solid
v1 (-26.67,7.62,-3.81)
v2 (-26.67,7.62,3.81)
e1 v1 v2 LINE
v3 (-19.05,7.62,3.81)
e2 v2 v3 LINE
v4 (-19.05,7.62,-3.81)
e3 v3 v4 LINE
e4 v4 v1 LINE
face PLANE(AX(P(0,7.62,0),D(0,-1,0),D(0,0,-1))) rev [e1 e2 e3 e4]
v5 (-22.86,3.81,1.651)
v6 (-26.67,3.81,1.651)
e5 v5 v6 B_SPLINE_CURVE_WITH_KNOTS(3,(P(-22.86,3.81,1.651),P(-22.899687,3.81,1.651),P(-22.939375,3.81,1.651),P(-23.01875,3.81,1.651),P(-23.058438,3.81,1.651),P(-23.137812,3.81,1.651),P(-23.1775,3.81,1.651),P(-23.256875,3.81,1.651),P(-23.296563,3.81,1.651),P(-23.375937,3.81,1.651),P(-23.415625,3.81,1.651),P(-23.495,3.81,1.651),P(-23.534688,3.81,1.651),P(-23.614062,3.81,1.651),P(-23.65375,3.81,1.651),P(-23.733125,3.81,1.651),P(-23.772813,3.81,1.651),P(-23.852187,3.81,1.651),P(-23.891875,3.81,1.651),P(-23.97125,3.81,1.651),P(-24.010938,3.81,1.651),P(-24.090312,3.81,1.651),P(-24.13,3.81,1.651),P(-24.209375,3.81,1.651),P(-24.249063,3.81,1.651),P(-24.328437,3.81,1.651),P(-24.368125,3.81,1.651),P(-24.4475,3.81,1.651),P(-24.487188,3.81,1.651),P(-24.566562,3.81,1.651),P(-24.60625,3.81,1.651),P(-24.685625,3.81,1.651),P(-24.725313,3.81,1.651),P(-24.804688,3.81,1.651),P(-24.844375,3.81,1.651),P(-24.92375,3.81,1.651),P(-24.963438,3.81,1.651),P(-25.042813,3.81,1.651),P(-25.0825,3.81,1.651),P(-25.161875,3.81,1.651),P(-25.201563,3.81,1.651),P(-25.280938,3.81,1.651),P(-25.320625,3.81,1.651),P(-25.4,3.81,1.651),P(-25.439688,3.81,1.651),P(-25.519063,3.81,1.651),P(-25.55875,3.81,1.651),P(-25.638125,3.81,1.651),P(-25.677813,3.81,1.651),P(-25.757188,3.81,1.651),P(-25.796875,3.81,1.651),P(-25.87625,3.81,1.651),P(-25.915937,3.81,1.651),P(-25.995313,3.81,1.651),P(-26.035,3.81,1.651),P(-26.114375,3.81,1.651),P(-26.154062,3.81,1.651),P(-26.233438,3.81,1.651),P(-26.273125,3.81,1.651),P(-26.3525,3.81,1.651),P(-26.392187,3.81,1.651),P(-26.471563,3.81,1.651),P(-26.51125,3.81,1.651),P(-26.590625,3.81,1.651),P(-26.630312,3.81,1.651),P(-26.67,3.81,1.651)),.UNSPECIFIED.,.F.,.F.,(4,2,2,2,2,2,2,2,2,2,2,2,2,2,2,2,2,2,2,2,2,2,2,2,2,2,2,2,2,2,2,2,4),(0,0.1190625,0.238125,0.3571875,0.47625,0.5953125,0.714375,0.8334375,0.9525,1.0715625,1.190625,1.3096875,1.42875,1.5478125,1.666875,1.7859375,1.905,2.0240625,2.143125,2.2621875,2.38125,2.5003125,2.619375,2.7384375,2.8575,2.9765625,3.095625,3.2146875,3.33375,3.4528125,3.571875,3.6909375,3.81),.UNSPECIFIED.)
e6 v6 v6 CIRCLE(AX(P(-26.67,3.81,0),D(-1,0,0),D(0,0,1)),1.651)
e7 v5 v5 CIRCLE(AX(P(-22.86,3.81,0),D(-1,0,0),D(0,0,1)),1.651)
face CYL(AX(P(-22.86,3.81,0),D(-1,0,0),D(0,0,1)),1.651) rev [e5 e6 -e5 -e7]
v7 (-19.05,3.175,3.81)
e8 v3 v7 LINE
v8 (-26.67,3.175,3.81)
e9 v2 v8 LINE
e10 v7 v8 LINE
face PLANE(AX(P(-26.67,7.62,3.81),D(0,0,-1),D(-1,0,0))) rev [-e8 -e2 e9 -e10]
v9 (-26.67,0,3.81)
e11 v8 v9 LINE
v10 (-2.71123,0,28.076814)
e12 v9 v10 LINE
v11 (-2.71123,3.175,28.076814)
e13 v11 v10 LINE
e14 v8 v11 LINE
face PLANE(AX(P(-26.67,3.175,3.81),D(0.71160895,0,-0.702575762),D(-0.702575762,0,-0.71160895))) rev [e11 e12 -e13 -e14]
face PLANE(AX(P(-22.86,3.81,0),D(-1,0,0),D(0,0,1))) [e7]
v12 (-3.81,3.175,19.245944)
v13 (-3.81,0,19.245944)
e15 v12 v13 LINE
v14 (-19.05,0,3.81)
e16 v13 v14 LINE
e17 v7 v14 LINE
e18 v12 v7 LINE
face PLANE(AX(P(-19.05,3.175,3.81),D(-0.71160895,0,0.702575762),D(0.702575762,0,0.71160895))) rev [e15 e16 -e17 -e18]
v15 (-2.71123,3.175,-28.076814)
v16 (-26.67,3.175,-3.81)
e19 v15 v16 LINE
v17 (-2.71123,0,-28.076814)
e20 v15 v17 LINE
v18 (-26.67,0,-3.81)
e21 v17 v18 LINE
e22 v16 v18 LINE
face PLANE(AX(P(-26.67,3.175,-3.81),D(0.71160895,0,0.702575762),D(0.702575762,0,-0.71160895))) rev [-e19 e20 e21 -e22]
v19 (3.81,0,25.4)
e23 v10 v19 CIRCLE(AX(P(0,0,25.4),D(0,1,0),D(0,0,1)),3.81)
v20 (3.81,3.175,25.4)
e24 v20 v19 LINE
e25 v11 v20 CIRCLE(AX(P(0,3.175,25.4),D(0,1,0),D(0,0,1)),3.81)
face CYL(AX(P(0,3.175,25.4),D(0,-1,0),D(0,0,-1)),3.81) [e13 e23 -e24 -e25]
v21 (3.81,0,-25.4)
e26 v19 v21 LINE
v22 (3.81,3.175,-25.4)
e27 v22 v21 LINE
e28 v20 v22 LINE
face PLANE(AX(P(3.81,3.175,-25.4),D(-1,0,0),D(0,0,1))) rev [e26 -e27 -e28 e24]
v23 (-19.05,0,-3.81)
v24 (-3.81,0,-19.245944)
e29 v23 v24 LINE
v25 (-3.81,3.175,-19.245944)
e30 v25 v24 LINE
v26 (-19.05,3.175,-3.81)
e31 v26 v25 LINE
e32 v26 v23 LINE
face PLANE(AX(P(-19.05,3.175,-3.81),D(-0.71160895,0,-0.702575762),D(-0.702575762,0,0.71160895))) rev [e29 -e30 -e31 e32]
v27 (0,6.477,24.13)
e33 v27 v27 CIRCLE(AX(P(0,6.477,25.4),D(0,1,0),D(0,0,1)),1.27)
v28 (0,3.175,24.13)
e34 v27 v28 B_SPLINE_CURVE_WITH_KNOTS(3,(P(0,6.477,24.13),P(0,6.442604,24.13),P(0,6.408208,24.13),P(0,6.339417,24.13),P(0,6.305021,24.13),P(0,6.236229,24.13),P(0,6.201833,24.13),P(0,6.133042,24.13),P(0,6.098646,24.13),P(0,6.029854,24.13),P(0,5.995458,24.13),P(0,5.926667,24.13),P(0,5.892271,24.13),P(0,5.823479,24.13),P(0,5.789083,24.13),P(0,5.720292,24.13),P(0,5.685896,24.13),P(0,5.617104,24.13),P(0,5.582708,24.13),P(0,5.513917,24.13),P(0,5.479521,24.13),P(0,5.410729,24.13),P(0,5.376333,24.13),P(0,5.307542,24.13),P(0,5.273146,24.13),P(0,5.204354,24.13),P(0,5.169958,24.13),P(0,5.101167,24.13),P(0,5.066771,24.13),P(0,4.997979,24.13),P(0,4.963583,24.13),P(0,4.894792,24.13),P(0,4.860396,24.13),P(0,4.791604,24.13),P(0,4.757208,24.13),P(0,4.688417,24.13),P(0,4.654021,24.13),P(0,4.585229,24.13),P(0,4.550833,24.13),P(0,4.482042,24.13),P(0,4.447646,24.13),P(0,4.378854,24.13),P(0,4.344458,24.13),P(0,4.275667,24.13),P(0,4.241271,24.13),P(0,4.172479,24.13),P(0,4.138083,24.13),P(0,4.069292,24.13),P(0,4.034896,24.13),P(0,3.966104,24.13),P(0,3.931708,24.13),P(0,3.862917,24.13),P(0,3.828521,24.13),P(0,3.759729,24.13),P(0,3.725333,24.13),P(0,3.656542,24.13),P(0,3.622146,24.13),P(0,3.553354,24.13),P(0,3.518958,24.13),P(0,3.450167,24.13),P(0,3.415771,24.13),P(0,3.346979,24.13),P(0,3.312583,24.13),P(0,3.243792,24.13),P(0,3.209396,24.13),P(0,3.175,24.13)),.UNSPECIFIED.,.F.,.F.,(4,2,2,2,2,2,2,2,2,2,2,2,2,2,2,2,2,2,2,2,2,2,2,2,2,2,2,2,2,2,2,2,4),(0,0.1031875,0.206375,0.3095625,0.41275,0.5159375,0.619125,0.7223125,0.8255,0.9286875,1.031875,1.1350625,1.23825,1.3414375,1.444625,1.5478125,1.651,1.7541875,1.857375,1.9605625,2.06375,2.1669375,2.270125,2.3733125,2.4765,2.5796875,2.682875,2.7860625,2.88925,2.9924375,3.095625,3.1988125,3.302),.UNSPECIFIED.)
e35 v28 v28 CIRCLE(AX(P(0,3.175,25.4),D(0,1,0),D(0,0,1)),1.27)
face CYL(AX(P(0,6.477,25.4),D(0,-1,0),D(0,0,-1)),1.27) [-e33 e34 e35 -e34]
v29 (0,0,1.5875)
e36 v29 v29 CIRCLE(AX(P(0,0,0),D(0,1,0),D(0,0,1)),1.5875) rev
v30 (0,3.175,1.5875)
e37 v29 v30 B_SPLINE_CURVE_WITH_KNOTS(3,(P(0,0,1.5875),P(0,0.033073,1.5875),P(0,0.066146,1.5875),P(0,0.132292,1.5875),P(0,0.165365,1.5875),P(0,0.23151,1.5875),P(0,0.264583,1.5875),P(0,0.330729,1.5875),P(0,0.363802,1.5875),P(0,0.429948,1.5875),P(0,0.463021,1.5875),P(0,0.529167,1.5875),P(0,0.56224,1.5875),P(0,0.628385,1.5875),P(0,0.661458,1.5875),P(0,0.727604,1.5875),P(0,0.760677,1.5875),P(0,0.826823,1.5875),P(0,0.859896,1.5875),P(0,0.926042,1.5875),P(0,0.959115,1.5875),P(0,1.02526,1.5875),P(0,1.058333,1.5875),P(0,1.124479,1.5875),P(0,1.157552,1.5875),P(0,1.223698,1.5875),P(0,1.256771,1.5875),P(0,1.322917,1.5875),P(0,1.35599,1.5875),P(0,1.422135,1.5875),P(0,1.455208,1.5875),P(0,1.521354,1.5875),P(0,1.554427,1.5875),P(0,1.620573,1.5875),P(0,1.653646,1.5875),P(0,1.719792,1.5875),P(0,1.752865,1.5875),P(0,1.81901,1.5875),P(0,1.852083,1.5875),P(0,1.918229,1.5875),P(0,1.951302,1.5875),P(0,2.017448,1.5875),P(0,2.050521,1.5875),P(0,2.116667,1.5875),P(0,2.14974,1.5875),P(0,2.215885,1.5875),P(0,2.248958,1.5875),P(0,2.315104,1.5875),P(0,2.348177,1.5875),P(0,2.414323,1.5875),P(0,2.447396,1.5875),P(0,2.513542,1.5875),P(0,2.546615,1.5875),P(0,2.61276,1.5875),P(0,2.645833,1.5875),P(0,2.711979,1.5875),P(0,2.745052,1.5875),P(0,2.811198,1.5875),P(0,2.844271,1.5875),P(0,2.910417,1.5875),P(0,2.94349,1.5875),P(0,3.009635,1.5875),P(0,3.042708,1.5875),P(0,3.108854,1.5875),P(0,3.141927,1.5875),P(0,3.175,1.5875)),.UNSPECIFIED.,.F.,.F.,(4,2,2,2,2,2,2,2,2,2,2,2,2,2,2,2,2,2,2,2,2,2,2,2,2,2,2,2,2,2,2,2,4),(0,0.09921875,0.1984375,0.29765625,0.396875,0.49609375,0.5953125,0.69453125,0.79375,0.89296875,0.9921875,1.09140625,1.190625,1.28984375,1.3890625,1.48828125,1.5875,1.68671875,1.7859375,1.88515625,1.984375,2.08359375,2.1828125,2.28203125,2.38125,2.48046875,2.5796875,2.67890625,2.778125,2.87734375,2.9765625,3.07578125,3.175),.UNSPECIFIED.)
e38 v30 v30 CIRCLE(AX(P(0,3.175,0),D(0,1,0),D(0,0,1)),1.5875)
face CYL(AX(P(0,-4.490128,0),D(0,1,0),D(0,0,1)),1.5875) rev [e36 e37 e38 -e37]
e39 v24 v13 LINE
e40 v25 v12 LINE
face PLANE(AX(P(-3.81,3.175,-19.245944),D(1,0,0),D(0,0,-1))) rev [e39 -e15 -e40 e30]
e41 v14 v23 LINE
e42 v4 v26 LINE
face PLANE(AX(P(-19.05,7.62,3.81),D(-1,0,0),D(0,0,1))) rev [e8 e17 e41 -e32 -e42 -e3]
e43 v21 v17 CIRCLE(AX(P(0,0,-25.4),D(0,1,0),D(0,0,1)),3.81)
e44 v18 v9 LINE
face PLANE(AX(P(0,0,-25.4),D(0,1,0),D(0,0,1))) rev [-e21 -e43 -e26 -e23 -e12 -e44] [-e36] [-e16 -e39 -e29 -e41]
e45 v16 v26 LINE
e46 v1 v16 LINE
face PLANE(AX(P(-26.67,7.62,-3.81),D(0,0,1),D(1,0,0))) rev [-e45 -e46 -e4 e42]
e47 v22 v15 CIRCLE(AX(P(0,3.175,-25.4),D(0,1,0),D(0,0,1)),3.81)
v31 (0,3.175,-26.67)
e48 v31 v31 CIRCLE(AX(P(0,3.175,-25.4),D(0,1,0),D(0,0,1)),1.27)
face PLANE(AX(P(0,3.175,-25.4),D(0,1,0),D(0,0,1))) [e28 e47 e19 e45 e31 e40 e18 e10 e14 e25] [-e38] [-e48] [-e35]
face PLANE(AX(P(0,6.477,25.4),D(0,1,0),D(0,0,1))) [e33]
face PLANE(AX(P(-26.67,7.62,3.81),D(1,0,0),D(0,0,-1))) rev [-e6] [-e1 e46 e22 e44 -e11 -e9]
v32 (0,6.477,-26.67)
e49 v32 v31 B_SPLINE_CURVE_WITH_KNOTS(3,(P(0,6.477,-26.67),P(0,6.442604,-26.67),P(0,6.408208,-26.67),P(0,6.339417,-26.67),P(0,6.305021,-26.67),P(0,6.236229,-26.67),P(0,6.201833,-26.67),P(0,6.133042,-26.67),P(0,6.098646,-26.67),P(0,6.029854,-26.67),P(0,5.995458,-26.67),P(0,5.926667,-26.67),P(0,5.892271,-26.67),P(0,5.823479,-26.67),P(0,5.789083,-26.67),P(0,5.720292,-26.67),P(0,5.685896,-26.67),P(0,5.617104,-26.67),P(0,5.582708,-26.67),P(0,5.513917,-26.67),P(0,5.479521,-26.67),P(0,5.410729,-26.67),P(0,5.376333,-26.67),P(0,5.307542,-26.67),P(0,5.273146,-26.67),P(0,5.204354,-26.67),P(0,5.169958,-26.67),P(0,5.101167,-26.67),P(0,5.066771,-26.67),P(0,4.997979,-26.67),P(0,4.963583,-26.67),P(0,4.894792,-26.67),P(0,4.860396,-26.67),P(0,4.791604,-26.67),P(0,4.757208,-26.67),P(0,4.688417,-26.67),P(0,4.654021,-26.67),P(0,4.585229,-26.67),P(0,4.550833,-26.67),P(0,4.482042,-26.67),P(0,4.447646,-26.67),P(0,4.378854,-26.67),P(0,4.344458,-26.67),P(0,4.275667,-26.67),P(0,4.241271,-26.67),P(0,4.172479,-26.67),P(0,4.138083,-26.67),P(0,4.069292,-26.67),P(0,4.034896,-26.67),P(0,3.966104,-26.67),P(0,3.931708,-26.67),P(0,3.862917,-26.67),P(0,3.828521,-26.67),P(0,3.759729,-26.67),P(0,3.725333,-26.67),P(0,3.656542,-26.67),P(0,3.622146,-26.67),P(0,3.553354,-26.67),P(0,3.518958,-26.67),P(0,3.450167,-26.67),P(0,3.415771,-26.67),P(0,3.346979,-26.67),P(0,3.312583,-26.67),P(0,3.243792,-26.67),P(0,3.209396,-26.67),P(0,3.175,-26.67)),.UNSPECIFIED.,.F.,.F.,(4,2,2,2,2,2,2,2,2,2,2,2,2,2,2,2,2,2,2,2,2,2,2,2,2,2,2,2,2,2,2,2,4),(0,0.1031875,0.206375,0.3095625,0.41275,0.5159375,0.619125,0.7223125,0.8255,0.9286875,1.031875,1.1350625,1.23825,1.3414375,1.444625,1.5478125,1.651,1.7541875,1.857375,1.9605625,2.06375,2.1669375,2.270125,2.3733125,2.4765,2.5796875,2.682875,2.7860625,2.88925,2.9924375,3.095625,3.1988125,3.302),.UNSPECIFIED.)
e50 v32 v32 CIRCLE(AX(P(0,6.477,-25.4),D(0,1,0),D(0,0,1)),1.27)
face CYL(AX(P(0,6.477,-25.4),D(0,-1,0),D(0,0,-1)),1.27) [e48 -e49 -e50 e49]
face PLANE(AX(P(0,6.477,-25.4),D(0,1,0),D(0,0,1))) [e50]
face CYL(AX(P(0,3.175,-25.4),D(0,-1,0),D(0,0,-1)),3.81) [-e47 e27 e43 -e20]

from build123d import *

# Parameters (mm, degrees)
BOSS_EXTRUDE4_DEPTH = 3.175
SKETCH11_W          = 7.62
SKETCH11_H          = 7.62
BOSS_EXTRUDE5_DEPTH = 7.62
SKETCH13_R          = 1.27
BOSS_EXTRUDE6_DEPTH = 3.302
CUT_EXTRUDE3_REACH  = 41.803
SKETCH14_R          = 1.5875
SKETCH16_R          = 1.651
CUT_EXTRUDE4_DEPTH  = 3.81


with BuildPart() as part:
    # Sketch10 → Boss-Extrude4 (new body)
    with BuildSketch(Plane(origin=(0, 0, 0), x_dir=(1, 0, 0), z_dir=(0, 1, 0))):
        with BuildLine():
            Line((-3.81, 19.245944402), (-3.81, -19.245944402))
            Line((-3.81, -19.245944402), (-19.05, -3.81))
            Line((-19.05, -3.81), (-26.67, -3.81))
            Line((-26.67, -3.81), (-2.711230101, -28.076813654))
            ThreePointArc((-2.711230101, -28.076813654), (1.44677457, -28.924619603), (3.81, -25.4))
            Line((3.81, -25.4), (3.81, 25.4))
            ThreePointArc((3.81, 25.4), (1.44677457, 28.924619603), (-2.711230101, 28.076813654))
            Line((-2.711230101, 28.076813654), (-26.67, 3.81))
            Line((-26.67, 3.81), (-19.05, 3.81))
            Line((-19.05, 3.81), (-3.81, 19.245944402))
        make_face()
    extrude(amount=BOSS_EXTRUDE4_DEPTH)

    # Sketch11 → Boss-Extrude5 (add)
    with BuildSketch(Plane(origin=(0, 0, 0), x_dir=(1, 0, 0), z_dir=(0, 1, 0))):
        with Locations((-22.86, 0)):
            Rectangle(SKETCH11_W, SKETCH11_H)
    extrude(amount=BOSS_EXTRUDE5_DEPTH)

    # Sketch13 → Boss-Extrude6 (add)
    with BuildSketch(Plane(origin=(0, 3.175, 0), x_dir=(1, 0, 0), z_dir=(0, 1, 0))):
        with Locations(Location((0, -25.4, 0), (0, 0, 90))):
            Circle(SKETCH13_R)
        with Locations(Location((0, 25.4, 0), (0, 0, 90))):
            Circle(SKETCH13_R)
    extrude(amount=BOSS_EXTRUDE6_DEPTH)

    # Sketch14 → Cut-Extrude3 (cut, up to next)
    with BuildSketch(Plane(origin=(0, 3.175, 0), x_dir=(1, 0, 0), z_dir=(0, 1, 0)), mode=Mode.PRIVATE) as cut_extrude3_sk1:
        with Locations(Location((0, 0, 0), (0, 0, 270))):
            Circle(SKETCH14_R)
    cut_extrude3_tool1 = extrude(cut_extrude3_sk1.sketch, amount=-CUT_EXTRUDE3_REACH, mode=Mode.PRIVATE) & part.part
    add(cut_extrude3_tool1.solids().sort_by_distance((0, 3.175, 0))[0], mode=Mode.SUBTRACT)

    # Sketch16 → Cut-Extrude4 (cut)
    with BuildSketch(Plane.ZY.offset(26.67)):
        with Locations((0, 3.81)):
            Circle(SKETCH16_R)
    extrude(amount=-CUT_EXTRUDE4_DEPTH, mode=Mode.SUBTRACT)


solid = part.part
